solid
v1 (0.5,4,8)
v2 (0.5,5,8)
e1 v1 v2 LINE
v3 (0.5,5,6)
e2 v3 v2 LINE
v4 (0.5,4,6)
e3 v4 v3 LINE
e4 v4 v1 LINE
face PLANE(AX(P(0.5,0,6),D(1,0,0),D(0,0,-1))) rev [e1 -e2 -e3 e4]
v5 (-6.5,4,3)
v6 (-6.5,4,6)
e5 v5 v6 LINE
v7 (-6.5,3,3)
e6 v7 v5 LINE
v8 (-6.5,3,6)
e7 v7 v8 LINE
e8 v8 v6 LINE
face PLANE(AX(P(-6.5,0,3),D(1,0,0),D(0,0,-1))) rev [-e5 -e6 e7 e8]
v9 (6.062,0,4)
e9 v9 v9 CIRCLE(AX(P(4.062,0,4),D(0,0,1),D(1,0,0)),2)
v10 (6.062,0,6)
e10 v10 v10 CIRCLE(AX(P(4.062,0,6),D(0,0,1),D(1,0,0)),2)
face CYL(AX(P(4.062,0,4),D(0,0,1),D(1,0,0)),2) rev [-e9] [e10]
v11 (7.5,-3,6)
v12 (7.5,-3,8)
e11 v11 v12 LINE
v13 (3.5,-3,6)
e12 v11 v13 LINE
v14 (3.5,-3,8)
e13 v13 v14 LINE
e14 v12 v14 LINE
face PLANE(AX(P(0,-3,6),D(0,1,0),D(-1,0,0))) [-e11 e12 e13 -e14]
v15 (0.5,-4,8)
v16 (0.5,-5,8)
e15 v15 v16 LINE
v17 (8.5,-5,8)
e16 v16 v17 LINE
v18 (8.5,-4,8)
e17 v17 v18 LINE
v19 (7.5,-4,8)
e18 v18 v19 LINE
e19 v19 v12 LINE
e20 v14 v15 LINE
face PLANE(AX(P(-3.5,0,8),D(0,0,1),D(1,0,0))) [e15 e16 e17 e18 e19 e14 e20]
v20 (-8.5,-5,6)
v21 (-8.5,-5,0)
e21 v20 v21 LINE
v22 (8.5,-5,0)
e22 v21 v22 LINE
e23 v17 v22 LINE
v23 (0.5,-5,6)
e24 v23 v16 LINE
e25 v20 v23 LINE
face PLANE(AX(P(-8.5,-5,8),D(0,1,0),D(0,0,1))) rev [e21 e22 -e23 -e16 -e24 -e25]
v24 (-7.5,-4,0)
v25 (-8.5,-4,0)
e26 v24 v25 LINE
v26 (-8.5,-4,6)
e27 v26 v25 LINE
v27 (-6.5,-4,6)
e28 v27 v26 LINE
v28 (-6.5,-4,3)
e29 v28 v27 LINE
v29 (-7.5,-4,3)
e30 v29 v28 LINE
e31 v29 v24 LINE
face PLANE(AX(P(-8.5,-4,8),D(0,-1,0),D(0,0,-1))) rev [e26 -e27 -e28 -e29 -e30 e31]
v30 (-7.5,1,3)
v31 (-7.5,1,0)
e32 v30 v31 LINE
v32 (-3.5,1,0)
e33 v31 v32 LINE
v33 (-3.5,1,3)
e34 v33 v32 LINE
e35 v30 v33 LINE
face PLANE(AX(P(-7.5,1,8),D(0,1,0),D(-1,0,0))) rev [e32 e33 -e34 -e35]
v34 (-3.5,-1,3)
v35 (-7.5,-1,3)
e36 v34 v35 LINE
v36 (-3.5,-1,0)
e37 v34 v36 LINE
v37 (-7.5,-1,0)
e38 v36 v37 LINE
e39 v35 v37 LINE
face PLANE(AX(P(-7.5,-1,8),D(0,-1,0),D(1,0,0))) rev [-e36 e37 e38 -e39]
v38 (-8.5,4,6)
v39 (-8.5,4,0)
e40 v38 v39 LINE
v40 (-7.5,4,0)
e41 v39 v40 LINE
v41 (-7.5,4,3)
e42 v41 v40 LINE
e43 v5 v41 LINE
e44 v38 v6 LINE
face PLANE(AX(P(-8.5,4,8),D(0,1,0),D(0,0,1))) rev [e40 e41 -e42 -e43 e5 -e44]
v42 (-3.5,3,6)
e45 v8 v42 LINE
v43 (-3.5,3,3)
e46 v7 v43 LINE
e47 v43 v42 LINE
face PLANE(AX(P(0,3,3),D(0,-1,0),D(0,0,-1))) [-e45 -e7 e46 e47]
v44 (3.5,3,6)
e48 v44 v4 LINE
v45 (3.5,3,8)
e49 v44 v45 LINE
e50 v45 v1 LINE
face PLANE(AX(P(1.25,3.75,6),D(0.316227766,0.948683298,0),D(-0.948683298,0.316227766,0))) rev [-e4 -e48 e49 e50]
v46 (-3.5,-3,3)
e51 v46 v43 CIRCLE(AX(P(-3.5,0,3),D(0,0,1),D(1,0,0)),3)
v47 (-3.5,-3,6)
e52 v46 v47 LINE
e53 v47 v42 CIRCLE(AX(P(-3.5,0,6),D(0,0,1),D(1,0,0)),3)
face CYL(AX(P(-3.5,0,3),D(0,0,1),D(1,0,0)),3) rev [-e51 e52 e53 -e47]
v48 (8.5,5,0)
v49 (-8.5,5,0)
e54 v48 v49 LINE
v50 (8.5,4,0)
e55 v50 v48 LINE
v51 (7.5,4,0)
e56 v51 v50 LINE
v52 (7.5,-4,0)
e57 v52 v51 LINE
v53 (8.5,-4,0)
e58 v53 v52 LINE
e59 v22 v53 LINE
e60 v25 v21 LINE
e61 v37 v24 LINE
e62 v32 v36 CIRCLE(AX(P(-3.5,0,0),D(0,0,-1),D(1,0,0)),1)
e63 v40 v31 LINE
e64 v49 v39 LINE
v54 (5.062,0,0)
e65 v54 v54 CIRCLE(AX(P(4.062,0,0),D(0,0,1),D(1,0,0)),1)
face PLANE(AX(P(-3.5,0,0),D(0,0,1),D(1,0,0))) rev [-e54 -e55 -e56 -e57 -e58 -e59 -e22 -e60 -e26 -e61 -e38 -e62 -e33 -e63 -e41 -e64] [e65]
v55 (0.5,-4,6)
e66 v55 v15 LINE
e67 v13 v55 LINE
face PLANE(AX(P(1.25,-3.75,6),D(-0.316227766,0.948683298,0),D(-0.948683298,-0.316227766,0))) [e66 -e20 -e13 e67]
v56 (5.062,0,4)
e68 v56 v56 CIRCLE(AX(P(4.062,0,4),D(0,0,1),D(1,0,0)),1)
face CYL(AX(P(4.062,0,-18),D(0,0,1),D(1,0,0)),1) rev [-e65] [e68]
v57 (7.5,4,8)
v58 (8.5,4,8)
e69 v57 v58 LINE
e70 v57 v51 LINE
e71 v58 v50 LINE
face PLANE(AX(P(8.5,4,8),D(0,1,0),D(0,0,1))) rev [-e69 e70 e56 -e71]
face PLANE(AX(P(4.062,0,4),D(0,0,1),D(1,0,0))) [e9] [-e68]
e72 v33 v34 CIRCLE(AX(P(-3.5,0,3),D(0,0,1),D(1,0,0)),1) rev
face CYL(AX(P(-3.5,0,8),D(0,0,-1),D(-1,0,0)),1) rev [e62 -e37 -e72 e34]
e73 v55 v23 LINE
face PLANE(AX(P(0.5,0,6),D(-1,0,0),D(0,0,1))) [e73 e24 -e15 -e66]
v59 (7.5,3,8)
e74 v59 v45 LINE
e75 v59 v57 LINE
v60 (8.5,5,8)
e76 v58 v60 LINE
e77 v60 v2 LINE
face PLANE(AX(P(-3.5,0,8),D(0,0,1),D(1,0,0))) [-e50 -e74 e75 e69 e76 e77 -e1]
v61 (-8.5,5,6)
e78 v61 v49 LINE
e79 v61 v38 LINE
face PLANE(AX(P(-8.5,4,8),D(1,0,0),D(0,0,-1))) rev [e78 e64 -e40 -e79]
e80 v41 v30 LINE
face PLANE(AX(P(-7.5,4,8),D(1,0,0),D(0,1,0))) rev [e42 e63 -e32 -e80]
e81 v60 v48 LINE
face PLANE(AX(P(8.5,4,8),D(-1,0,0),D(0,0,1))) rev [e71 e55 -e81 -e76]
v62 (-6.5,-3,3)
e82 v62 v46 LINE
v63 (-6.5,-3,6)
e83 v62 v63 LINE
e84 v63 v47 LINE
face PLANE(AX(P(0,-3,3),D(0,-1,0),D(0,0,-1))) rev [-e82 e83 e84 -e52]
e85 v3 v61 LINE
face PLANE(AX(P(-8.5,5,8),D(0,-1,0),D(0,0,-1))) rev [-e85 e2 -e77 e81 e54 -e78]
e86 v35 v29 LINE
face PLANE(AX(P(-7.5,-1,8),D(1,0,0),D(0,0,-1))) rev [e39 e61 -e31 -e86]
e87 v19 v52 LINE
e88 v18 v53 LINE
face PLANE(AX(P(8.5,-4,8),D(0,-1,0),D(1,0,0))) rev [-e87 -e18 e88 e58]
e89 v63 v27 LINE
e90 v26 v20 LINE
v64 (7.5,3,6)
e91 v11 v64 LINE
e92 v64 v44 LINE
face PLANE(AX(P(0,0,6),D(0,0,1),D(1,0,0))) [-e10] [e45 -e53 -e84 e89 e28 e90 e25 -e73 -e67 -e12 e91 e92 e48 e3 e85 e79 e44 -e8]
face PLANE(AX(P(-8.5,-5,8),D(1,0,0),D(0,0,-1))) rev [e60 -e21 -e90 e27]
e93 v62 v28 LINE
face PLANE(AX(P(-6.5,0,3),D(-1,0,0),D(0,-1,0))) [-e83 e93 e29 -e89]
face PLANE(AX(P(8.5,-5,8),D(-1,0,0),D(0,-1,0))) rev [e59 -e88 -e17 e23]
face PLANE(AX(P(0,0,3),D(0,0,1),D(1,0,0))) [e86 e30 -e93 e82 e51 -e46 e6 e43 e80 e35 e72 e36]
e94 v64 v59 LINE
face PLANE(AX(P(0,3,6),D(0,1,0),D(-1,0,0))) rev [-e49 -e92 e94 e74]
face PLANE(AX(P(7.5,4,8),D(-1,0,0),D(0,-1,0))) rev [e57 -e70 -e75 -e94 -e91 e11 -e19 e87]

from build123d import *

# Parameters (mm, degrees)
BOSS_EXTRUDE1_DEPTH = 8
CUT_EXTRUDE1_DEPTH  = 2
SKETCH4_R           = 2
CUT_EXTRUDE2_DEPTH  = 2
SKETCH5_R           = 1
CUT_EXTRUDE3_DEPTH  = 22
CUT_EXTRUDE4_DEPTH  = 3


with BuildPart() as part:
    # Sketch1 → Boss-Extrude1 (new body)
    with BuildSketch(Plane.XY):
        with BuildLine():
            Line((8.5, 4), (8.5, 5))
            Line((8.5, 5), (-8.5, 5))
            Line((-8.5, 5), (-8.5, 4))
            Line((-8.5, 4), (-7.5, 4))
            Line((-7.5, 4), (-7.5, 1))
            Line((-7.5, 1), (-3.5, 1))
            ThreePointArc((-3.5, 1), (-2.5, 0), (-3.5, -1))
            Line((-3.5, -1), (-7.5, -1))
            Line((-7.5, -1), (-7.5, -4))
            Line((-7.5, -4), (-8.5, -4))
            Line((-8.5, -4), (-8.5, -5))
            Line((-8.5, -5), (8.5, -5))
            Line((8.5, -5), (8.5, -4))
            Line((8.5, -4), (7.5, -4))
            Line((7.5, -4), (7.5, 4))
            Line((7.5, 4), (8.5, 4))
        make_face()
    extrude(amount=BOSS_EXTRUDE1_DEPTH)

    # Sketch3 → Cut-Extrude1 (cut)
    with BuildSketch(Plane.XY.offset(8)):
        with BuildLine():
            Line((0.5, 4), (0.5, 5))
            Line((0.5, 5), (-8.5, 5))
            Line((-8.5, 5), (-8.5, 4))
            Line((-8.5, 4), (-7.5, 4))
            Line((-7.5, 4), (-7.5, 1))
            Line((-7.5, 1), (-3.5, 1))
            ThreePointArc((-3.5, 1), (-2.5, 0), (-3.5, -1))
            Line((-3.5, -1), (-7.5, -1))
            Line((-7.5, -1), (-7.5, -4))
            Line((-7.5, -4), (-8.5, -4))
            Line((-8.5, -4), (-8.5, -5))
            Line((-8.5, -5), (0.5, -5))
            Line((0.5, -5), (0.5, -4))
            Line((0.5, -4), (3.5, -3))
            Line((3.5, -3), (7.5, -3))
            Line((7.5, -3), (7.5, 3))
            Line((7.5, 3), (3.5, 3))
            Line((3.5, 3), (0.5, 4))
        make_face()
    extrude(amount=-CUT_EXTRUDE1_DEPTH, mode=Mode.SUBTRACT)

    # Sketch4 → Cut-Extrude2 (cut)
    with BuildSketch(Plane.XY.offset(6)):
        with Locations((4.062000401, 0)):
            Circle(SKETCH4_R)
    extrude(amount=-CUT_EXTRUDE2_DEPTH, mode=Mode.SUBTRACT)

    # Sketch5 → Cut-Extrude3 (cut)
    with BuildSketch(Plane.XY.offset(4)):
        with Locations((4.062000401, 0)):
            Circle(SKETCH5_R)
    extrude(amount=-CUT_EXTRUDE3_DEPTH, mode=Mode.SUBTRACT)

    # Sketch6 → Cut-Extrude4 (cut)
    with BuildSketch(Plane.XY.offset(6)):
        with BuildLine():
            Line((-6.5, 3), (-6.5, 4))
            Line((-6.5, 4), (-7.5, 4))
            Line((-7.5, 4), (-7.5, -4))
            Line((-7.5, -4), (-6.5, -4))
            Line((-6.5, -4), (-6.5, -3))
            Line((-6.5, -3), (-3.5, -3))
            ThreePointArc((-3.5, -3), (-0.5, 0), (-3.5, 3))
            Line((-3.5, 3), (-6.5, 3))
        make_face()
    extrude(amount=-CUT_EXTRUDE4_DEPTH, mode=Mode.SUBTRACT)


solid = part.part
